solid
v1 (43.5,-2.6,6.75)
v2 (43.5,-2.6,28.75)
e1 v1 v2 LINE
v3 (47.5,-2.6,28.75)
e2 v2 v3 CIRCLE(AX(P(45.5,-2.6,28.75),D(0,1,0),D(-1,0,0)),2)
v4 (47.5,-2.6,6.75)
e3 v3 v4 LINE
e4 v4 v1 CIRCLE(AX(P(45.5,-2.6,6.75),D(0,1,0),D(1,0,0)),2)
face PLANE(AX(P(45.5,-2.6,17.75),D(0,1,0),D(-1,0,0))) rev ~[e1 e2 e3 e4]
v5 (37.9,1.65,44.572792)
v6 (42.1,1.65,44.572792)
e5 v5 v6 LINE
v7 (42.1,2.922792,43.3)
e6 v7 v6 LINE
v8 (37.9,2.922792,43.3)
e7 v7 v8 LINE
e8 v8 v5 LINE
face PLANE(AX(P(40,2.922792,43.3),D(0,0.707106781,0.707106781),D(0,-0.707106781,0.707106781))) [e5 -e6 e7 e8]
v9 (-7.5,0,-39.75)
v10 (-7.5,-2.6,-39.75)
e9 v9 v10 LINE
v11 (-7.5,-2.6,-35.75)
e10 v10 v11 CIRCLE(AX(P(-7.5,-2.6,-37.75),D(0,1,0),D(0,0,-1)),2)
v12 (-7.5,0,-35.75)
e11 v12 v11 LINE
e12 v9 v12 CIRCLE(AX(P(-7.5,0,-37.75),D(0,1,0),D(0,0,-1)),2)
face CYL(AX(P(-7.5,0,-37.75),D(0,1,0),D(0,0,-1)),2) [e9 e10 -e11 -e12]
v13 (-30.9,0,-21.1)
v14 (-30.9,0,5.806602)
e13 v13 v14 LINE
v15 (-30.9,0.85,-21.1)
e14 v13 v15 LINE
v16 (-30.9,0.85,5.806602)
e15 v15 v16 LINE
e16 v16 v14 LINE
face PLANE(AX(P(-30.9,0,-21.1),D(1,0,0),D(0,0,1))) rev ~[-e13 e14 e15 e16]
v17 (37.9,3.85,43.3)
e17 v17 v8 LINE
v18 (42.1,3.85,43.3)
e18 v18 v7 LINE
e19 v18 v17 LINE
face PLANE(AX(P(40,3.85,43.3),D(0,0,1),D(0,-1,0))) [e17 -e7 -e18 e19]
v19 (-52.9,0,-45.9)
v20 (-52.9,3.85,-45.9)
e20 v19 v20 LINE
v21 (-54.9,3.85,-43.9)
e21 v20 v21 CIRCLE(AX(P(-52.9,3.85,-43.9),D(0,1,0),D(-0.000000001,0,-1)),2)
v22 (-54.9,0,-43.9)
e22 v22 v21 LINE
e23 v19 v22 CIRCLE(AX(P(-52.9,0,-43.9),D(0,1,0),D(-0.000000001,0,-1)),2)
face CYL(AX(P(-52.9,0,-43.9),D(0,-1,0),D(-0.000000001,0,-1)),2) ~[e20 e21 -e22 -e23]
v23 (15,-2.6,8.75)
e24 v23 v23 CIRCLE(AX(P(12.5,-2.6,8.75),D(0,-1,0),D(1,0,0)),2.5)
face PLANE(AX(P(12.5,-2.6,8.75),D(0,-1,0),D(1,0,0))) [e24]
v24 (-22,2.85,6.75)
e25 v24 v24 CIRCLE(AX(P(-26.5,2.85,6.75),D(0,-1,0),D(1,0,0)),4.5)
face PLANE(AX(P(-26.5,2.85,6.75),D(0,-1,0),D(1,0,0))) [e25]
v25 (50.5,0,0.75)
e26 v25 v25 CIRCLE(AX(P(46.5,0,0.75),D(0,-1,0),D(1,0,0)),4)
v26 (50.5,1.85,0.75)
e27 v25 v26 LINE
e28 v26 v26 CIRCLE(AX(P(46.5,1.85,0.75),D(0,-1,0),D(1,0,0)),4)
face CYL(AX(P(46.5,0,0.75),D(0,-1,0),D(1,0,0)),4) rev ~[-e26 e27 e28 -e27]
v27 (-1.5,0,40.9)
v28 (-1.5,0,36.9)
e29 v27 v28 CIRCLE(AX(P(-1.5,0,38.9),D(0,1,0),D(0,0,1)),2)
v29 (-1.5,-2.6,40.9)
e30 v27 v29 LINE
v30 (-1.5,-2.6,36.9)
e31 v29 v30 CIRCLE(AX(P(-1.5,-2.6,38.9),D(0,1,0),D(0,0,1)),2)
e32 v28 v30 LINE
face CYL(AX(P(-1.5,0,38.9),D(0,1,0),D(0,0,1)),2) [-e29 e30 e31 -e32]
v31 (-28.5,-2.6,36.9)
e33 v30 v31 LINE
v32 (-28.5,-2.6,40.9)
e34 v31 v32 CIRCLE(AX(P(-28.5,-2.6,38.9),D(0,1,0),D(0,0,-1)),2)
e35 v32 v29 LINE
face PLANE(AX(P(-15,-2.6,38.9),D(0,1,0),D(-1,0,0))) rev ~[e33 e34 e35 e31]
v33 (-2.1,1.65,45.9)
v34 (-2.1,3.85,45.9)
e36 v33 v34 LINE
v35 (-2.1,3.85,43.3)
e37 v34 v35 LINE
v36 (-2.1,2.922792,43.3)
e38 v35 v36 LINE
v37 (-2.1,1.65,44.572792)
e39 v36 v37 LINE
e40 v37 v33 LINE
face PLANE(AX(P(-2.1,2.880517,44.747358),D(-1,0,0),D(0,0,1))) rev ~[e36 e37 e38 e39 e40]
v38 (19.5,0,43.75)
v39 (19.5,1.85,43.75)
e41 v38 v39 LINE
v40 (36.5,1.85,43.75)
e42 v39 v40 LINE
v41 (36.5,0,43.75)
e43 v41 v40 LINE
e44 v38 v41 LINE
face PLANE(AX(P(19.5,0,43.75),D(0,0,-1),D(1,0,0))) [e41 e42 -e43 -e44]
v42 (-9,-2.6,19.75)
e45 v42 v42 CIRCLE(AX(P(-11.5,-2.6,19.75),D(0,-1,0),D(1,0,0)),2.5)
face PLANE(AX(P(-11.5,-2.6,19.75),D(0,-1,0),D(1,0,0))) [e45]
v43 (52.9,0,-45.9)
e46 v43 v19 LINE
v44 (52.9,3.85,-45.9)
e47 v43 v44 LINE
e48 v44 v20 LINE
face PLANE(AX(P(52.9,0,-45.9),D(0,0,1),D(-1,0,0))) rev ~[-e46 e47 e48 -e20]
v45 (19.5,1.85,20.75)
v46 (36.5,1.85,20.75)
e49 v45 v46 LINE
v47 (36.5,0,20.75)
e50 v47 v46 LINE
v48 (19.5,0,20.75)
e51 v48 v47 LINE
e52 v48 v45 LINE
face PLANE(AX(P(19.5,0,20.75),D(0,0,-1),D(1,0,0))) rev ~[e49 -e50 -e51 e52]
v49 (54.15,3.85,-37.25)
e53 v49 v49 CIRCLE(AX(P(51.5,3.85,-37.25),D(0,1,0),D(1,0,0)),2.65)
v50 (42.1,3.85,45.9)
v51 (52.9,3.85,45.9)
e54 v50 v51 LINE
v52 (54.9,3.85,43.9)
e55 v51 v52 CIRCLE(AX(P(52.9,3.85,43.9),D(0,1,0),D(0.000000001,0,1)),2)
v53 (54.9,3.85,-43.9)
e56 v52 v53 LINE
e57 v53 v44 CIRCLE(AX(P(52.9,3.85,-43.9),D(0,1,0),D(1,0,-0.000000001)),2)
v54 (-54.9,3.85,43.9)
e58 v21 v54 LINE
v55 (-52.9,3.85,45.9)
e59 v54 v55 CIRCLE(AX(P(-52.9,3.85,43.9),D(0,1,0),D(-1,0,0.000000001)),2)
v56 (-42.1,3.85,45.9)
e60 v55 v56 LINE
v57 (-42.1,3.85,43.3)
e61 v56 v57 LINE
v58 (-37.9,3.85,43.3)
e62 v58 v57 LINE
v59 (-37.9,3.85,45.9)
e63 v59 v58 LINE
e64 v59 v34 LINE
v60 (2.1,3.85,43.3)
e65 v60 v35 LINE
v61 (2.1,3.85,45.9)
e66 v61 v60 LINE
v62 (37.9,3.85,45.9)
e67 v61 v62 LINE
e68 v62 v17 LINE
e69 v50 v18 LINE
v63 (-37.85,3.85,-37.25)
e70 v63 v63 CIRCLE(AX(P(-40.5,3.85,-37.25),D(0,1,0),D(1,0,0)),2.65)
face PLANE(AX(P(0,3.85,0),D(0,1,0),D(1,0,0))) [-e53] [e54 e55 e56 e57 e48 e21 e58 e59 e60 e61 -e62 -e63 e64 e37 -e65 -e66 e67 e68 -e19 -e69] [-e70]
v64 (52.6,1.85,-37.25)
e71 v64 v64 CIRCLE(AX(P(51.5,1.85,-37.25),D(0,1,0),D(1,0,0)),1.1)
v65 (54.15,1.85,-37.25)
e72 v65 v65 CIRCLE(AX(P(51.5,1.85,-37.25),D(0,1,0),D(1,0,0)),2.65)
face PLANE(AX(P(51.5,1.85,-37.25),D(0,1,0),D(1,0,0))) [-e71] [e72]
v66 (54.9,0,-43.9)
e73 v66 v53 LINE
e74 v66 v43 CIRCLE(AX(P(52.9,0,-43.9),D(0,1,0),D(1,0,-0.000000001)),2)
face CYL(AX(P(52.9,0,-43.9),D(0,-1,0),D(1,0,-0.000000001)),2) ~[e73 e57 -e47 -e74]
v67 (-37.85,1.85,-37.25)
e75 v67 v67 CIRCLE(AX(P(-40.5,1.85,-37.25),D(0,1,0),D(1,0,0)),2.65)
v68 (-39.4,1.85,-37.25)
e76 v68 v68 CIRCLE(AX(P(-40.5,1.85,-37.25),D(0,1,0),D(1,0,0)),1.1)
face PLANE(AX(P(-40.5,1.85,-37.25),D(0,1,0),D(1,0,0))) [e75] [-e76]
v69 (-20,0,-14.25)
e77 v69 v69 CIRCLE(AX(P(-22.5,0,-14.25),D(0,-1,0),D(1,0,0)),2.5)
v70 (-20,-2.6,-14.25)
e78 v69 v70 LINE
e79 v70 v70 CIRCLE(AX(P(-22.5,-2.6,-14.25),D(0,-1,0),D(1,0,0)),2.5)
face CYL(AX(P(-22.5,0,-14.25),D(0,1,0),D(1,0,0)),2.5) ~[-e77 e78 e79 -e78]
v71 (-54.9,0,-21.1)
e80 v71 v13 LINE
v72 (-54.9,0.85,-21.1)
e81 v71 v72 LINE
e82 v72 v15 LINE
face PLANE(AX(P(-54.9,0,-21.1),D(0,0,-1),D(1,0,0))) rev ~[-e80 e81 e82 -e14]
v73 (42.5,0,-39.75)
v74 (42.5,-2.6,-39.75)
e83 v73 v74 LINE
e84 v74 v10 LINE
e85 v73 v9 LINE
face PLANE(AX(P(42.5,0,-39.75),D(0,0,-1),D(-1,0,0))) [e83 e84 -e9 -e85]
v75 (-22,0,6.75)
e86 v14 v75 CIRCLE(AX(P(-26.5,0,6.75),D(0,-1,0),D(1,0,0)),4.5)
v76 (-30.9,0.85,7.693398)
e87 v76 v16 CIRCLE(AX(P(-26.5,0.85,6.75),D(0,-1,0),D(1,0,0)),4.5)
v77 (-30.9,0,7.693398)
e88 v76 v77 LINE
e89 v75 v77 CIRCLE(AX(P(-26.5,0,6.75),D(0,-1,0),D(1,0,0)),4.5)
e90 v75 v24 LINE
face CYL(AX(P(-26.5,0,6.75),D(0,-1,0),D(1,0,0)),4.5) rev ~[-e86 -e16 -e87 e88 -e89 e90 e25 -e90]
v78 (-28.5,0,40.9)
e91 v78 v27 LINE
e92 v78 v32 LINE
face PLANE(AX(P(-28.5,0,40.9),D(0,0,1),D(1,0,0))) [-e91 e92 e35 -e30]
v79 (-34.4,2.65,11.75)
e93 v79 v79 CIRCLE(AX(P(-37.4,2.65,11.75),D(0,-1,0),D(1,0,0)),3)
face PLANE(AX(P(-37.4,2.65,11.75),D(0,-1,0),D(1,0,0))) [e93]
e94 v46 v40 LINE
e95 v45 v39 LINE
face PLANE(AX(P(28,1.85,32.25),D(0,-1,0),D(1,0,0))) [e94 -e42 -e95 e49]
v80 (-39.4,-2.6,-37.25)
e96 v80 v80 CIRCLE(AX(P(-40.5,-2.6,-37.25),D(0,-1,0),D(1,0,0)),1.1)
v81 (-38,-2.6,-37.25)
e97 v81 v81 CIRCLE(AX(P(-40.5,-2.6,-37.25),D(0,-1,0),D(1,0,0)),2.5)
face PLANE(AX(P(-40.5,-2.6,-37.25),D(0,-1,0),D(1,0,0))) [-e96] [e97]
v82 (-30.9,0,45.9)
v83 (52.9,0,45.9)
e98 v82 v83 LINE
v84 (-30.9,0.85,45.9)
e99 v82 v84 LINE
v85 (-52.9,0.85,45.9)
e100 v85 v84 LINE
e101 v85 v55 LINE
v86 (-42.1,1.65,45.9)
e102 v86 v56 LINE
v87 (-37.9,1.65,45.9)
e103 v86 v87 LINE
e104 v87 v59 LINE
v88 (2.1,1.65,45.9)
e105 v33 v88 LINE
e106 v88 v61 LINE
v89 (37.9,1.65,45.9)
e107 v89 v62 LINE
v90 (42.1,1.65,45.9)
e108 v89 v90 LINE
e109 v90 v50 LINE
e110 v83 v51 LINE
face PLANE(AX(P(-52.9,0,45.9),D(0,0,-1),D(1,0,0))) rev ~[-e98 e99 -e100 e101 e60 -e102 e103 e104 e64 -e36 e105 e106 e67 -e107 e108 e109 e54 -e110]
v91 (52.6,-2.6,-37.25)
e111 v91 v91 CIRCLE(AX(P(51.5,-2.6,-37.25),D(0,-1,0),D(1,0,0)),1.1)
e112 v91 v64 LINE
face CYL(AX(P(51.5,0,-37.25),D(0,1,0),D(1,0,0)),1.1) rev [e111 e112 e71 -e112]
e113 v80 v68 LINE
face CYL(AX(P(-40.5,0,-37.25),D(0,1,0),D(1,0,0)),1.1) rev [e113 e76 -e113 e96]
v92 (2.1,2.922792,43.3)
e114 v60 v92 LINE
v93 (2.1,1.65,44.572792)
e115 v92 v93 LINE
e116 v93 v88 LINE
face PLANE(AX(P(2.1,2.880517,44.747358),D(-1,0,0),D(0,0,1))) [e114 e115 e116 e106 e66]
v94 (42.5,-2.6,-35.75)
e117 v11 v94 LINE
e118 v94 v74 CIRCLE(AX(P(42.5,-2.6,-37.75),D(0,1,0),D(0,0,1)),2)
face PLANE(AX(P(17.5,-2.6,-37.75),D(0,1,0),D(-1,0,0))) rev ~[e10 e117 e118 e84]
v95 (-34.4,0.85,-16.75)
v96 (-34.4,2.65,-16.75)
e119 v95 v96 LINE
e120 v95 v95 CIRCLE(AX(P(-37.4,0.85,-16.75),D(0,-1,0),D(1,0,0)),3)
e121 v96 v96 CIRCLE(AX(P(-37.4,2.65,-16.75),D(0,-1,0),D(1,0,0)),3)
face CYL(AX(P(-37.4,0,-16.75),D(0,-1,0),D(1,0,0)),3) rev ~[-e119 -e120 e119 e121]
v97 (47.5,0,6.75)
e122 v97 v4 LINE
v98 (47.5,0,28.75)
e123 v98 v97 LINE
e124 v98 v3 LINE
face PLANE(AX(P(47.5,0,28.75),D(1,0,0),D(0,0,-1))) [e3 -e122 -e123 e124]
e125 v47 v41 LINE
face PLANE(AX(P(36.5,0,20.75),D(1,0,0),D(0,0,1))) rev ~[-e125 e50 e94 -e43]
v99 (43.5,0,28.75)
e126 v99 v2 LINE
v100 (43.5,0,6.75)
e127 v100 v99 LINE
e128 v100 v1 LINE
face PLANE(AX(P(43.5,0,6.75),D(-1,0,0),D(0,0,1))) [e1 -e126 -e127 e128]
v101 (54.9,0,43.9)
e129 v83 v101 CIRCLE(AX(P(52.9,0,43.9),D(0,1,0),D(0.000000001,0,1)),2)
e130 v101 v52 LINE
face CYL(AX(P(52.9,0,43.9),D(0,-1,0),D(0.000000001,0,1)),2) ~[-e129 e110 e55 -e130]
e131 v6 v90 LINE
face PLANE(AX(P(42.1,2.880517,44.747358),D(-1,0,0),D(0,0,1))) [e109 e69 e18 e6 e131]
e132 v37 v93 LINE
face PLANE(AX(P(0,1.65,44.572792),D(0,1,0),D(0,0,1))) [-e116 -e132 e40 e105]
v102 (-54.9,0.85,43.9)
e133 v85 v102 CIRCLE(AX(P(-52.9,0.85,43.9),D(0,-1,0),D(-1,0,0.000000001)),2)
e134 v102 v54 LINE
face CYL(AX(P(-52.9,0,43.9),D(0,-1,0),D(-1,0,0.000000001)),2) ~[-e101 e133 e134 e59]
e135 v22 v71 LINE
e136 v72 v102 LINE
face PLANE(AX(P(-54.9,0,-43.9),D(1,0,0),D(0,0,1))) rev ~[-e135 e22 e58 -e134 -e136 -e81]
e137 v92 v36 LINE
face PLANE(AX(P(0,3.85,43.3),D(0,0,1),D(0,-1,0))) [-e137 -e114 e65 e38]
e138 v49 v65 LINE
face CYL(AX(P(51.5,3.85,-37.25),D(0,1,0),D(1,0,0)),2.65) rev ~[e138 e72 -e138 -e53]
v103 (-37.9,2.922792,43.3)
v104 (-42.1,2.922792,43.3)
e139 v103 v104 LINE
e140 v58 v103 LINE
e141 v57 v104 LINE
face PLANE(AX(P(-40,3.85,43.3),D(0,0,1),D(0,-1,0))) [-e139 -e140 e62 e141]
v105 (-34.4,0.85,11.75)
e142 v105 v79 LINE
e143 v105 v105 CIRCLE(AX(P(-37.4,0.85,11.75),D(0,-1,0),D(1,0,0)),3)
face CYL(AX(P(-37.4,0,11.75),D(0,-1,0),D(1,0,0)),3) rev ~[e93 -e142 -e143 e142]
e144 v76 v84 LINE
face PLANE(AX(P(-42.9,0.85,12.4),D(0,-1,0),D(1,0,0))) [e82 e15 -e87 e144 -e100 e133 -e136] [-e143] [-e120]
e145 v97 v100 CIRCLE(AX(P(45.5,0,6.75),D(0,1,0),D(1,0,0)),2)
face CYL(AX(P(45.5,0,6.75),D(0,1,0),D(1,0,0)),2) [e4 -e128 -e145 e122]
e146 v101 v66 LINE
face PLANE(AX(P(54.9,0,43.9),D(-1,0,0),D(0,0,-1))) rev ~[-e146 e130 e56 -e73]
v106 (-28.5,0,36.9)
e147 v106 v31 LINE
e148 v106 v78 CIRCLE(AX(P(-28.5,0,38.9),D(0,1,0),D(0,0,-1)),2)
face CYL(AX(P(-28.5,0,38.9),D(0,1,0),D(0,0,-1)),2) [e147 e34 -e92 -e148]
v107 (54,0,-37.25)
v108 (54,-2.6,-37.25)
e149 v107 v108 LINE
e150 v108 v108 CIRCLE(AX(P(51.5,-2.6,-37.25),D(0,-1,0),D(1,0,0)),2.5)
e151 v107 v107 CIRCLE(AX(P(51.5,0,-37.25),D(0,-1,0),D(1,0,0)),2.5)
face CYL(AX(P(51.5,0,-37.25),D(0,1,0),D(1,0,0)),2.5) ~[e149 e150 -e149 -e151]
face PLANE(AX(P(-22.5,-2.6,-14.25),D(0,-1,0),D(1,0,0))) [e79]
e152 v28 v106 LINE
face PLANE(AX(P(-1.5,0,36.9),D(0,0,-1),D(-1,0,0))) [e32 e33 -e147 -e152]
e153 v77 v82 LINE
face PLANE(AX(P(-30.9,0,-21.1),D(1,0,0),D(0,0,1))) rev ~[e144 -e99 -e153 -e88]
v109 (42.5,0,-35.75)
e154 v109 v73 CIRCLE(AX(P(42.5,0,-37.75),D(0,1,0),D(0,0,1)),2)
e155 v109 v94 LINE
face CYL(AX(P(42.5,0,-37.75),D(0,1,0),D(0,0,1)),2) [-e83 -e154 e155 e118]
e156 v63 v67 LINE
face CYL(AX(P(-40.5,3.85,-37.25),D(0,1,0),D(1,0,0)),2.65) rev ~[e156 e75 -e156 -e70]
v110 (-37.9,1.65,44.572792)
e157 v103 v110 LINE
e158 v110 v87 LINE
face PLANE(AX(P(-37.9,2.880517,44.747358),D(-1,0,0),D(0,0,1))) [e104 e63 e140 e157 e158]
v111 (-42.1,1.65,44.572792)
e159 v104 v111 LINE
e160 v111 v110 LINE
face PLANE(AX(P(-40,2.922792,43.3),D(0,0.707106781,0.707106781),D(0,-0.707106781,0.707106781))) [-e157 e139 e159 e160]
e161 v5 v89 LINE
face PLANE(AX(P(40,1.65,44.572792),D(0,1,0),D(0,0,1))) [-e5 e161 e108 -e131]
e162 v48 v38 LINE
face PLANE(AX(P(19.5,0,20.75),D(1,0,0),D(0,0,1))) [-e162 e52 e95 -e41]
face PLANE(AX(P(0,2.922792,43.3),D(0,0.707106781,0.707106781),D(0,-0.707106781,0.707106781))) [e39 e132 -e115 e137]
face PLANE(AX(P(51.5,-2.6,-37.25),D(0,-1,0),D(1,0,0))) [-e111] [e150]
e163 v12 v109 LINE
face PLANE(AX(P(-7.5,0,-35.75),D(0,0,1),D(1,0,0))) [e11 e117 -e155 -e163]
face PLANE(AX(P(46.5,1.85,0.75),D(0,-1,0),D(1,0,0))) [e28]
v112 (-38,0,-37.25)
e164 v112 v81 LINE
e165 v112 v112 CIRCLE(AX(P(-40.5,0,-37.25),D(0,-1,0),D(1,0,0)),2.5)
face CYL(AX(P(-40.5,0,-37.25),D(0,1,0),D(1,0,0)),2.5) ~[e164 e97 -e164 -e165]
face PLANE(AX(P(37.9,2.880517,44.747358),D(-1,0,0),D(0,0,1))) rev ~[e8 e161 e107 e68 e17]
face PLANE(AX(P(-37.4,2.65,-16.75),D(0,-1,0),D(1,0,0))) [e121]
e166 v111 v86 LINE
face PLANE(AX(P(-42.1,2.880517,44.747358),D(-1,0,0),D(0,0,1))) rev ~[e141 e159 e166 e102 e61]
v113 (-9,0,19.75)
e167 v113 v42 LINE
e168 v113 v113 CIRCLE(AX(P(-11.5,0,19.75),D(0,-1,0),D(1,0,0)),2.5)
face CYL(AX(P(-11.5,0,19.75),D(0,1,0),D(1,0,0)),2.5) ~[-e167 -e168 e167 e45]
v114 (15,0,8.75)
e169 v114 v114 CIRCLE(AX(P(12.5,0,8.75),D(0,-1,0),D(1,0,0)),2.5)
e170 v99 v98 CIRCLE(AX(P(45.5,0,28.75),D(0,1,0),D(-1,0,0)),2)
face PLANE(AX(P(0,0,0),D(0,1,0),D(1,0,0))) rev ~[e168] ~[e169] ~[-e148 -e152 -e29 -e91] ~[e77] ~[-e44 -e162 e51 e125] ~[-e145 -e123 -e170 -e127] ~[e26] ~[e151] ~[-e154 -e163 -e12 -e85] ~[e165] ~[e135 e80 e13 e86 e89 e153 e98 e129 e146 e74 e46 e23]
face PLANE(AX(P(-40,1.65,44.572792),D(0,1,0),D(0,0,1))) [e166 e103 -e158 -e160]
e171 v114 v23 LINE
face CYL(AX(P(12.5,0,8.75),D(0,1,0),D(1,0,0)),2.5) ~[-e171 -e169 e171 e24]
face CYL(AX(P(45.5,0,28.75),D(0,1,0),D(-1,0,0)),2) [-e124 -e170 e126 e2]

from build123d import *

# Parameters (mm, degrees)
EXTRUDE_1_DEPTH        = 3.85
SKETCH_2_R             = 1.1
CUT_EXTRUDE_1_DEPTH    = 4.85
CUT_EXTRUDE_2_DEPTH    = 2.1
PATTERN_LINEAR_1_COUNT = 2
PATTERN_LINEAR_1_PITCH = 40
PATTERN_LINEAR_2_COUNT = 2
PATTERN_LINEAR_2_PITCH = 40
SKETCH_7_R             = 2.5
SKETCH_7_R_2           = 1.1
EXTRUDE_2_DEPTH        = 2.6
SKETCH_8_R             = 2.65
CUT_EXTRUDE_5_DEPTH    = 2
SKETCH_5_W             = 17
SKETCH_5_H             = 23
CUT_EXTRUDE_3_DEPTH    = 1.85
SKETCH_6_R             = 4
CUT_EXTRUDE_4_DEPTH    = 1.85
SKETCH_9_W             = 24
SKETCH_9_H             = 67
CUT_EXTRUDE_6_DEPTH    = 0.85
SKETCH_10_R            = 3
CUT_EXTRUDE_7_DEPTH    = 2.65
SKETCH_11_R            = 4.5
CUT_EXTRUDE_8_DEPTH    = 2.85


with BuildPart() as part:
    # 草图1 → 凸台-拉伸1 (new body)
    with BuildSketch(Plane(origin=(0, 0, 0), x_dir=(1, 0, 0), z_dir=(0, 1, 0))):
        with BuildLine():
            Line((-52.9, -45.9), (52.9, -45.9))
            ThreePointArc((52.9, -45.9), (54.314213562, -45.314213562), (54.9, -43.9))
            Line((54.9, -43.9), (54.9, 43.9))
            ThreePointArc((54.9, 43.9), (54.314213562, 45.314213562), (52.9, 45.9))
            Line((52.9, 45.9), (-52.9, 45.9))
            ThreePointArc((-52.9, 45.9), (-54.314213562, 45.314213562), (-54.9, 43.9))
            Line((-54.9, 43.9), (-54.9, -43.9))
            ThreePointArc((-54.9, -43.9), (-54.314213562, -45.314213562), (-52.9, -45.9))
        make_face()
    extrude(amount=EXTRUDE_1_DEPTH)

    # 草图2 → 切除-拉伸1 (cut, through all)
    with BuildSketch(Plane(origin=(0, 3.85, 0), x_dir=(1, 0, 0), z_dir=(0, 1, 0))):
        with Locations((-40.5, 37.25)):
            Circle(SKETCH_2_R)
        with Locations((51.5, 37.25)):
            Circle(SKETCH_2_R)
    extrude(amount=-CUT_EXTRUDE_1_DEPTH, mode=Mode.SUBTRACT)

    # 草图3 → 切除-拉伸2 (cut, symmetric)
    with BuildSketch(Plane(origin=(0, 0, 0), x_dir=(0, 0, -1), z_dir=(1, 0, 0))):
        Polygon((-45.9, 3.85), (-43.3, 3.85), (-43.3, 2.922792206), (-44.572792206, 1.65), (-45.9, 1.65), align=None)
    cut_extrude_2 = extrude(amount=CUT_EXTRUDE_2_DEPTH, both=True, mode=Mode.SUBTRACT)

    # 阵列(线性)1: 切除-拉伸2 ×2
    with Locations(*[(i * PATTERN_LINEAR_1_PITCH, 0, 0) for i in range(1, PATTERN_LINEAR_1_COUNT)]):
        add(cut_extrude_2, mode=Mode.SUBTRACT)

    # 阵列(线性)2: 切除-拉伸2 ×2
    with Locations(*[(-i * PATTERN_LINEAR_2_PITCH, 0, 0) for i in range(1, PATTERN_LINEAR_2_COUNT)]):
        add(cut_extrude_2, mode=Mode.SUBTRACT)

    # 草图7 → 凸台-拉伸2 (add)
    with BuildSketch(Plane.XZ):
        with Locations((-40.5, -37.25)):
            Circle(SKETCH_7_R)
        with Locations((-40.5, -37.25)):
            Circle(SKETCH_7_R_2, mode=Mode.SUBTRACT)
        with Locations((51.5, -37.25)):
            Circle(SKETCH_7_R)
        with Locations((51.5, -37.25)):
            Circle(SKETCH_7_R_2, mode=Mode.SUBTRACT)
        with Locations((-11.5, 19.75)):
            Circle(SKETCH_7_R)
        with Locations((-22.5, -14.25)):
            Circle(SKETCH_7_R)
        with Locations((12.5, 8.75)):
            Circle(SKETCH_7_R)
        with BuildLine():
            Line((-28.5, 40.9), (-1.5, 40.9))
            ThreePointArc((-1.5, 40.9), (0.5, 38.9), (-1.5, 36.9))
            Line((-1.5, 36.9), (-28.5, 36.9))
            ThreePointArc((-28.5, 36.9), (-30.5, 38.9), (-28.5, 40.9))
        make_face()
        with BuildLine():
            Line((47.5, 28.75), (47.5, 6.75))
            ThreePointArc((47.5, 6.75), (45.5, 4.75), (43.5, 6.75))
            Line((43.5, 6.75), (43.5, 28.75))
            ThreePointArc((43.5, 28.75), (45.5, 30.75), (47.5, 28.75))
        make_face()
        with BuildLine():
            Line((-7.5, -35.75), (42.5, -35.75))
            ThreePointArc((42.5, -35.75), (44.5, -37.75), (42.5, -39.75))
            Line((42.5, -39.75), (-7.5, -39.75))
            ThreePointArc((-7.5, -39.75), (-9.5, -37.75), (-7.5, -35.75))
        make_face()
    extrude(amount=EXTRUDE_2_DEPTH)

    # 草图8 → 切除-拉伸5 (cut)
    with BuildSketch(Plane(origin=(0, 3.85, 0), x_dir=(1, 0, 0), z_dir=(0, 1, 0))):
        with Locations((-40.5, 37.25)):
            Circle(SKETCH_8_R)
        with Locations((51.5, 37.25)):
            Circle(SKETCH_8_R)
    extrude(amount=-CUT_EXTRUDE_5_DEPTH, mode=Mode.SUBTRACT)

    # 草图5 → 切除-拉伸3 (cut)
    with BuildSketch(Plane.XZ):
        with Locations((28, 32.25)):
            Rectangle(SKETCH_5_W, SKETCH_5_H)
    extrude(amount=-CUT_EXTRUDE_3_DEPTH, mode=Mode.SUBTRACT)

    # 草图6 → 切除-拉伸4 (cut)
    with BuildSketch(Plane.XZ):
        with Locations((46.5, 0.75)):
            Circle(SKETCH_6_R)
    extrude(amount=-CUT_EXTRUDE_4_DEPTH, mode=Mode.SUBTRACT)

    # 草图9 → 切除-拉伸6 (cut)
    with BuildSketch(Plane.XZ):
        with Locations((-42.9, 12.4)):
            Rectangle(SKETCH_9_W, SKETCH_9_H)
    extrude(amount=-CUT_EXTRUDE_6_DEPTH, mode=Mode.SUBTRACT)

    # 草图10 → 切除-拉伸7 (cut)
    with BuildSketch(Plane.XZ):
        with Locations((-37.4, 11.75)):
            Circle(SKETCH_10_R)
        with Locations((-37.4, -16.75)):
            Circle(SKETCH_10_R)
    extrude(amount=-CUT_EXTRUDE_7_DEPTH, mode=Mode.SUBTRACT)

    # 草图11 → 切除-拉伸8 (cut)
    with BuildSketch(Plane.XZ):
        with Locations((-26.5, 6.75)):
            Circle(SKETCH_11_R)
    extrude(amount=-CUT_EXTRUDE_8_DEPTH, mode=Mode.SUBTRACT)


solid = part.part
